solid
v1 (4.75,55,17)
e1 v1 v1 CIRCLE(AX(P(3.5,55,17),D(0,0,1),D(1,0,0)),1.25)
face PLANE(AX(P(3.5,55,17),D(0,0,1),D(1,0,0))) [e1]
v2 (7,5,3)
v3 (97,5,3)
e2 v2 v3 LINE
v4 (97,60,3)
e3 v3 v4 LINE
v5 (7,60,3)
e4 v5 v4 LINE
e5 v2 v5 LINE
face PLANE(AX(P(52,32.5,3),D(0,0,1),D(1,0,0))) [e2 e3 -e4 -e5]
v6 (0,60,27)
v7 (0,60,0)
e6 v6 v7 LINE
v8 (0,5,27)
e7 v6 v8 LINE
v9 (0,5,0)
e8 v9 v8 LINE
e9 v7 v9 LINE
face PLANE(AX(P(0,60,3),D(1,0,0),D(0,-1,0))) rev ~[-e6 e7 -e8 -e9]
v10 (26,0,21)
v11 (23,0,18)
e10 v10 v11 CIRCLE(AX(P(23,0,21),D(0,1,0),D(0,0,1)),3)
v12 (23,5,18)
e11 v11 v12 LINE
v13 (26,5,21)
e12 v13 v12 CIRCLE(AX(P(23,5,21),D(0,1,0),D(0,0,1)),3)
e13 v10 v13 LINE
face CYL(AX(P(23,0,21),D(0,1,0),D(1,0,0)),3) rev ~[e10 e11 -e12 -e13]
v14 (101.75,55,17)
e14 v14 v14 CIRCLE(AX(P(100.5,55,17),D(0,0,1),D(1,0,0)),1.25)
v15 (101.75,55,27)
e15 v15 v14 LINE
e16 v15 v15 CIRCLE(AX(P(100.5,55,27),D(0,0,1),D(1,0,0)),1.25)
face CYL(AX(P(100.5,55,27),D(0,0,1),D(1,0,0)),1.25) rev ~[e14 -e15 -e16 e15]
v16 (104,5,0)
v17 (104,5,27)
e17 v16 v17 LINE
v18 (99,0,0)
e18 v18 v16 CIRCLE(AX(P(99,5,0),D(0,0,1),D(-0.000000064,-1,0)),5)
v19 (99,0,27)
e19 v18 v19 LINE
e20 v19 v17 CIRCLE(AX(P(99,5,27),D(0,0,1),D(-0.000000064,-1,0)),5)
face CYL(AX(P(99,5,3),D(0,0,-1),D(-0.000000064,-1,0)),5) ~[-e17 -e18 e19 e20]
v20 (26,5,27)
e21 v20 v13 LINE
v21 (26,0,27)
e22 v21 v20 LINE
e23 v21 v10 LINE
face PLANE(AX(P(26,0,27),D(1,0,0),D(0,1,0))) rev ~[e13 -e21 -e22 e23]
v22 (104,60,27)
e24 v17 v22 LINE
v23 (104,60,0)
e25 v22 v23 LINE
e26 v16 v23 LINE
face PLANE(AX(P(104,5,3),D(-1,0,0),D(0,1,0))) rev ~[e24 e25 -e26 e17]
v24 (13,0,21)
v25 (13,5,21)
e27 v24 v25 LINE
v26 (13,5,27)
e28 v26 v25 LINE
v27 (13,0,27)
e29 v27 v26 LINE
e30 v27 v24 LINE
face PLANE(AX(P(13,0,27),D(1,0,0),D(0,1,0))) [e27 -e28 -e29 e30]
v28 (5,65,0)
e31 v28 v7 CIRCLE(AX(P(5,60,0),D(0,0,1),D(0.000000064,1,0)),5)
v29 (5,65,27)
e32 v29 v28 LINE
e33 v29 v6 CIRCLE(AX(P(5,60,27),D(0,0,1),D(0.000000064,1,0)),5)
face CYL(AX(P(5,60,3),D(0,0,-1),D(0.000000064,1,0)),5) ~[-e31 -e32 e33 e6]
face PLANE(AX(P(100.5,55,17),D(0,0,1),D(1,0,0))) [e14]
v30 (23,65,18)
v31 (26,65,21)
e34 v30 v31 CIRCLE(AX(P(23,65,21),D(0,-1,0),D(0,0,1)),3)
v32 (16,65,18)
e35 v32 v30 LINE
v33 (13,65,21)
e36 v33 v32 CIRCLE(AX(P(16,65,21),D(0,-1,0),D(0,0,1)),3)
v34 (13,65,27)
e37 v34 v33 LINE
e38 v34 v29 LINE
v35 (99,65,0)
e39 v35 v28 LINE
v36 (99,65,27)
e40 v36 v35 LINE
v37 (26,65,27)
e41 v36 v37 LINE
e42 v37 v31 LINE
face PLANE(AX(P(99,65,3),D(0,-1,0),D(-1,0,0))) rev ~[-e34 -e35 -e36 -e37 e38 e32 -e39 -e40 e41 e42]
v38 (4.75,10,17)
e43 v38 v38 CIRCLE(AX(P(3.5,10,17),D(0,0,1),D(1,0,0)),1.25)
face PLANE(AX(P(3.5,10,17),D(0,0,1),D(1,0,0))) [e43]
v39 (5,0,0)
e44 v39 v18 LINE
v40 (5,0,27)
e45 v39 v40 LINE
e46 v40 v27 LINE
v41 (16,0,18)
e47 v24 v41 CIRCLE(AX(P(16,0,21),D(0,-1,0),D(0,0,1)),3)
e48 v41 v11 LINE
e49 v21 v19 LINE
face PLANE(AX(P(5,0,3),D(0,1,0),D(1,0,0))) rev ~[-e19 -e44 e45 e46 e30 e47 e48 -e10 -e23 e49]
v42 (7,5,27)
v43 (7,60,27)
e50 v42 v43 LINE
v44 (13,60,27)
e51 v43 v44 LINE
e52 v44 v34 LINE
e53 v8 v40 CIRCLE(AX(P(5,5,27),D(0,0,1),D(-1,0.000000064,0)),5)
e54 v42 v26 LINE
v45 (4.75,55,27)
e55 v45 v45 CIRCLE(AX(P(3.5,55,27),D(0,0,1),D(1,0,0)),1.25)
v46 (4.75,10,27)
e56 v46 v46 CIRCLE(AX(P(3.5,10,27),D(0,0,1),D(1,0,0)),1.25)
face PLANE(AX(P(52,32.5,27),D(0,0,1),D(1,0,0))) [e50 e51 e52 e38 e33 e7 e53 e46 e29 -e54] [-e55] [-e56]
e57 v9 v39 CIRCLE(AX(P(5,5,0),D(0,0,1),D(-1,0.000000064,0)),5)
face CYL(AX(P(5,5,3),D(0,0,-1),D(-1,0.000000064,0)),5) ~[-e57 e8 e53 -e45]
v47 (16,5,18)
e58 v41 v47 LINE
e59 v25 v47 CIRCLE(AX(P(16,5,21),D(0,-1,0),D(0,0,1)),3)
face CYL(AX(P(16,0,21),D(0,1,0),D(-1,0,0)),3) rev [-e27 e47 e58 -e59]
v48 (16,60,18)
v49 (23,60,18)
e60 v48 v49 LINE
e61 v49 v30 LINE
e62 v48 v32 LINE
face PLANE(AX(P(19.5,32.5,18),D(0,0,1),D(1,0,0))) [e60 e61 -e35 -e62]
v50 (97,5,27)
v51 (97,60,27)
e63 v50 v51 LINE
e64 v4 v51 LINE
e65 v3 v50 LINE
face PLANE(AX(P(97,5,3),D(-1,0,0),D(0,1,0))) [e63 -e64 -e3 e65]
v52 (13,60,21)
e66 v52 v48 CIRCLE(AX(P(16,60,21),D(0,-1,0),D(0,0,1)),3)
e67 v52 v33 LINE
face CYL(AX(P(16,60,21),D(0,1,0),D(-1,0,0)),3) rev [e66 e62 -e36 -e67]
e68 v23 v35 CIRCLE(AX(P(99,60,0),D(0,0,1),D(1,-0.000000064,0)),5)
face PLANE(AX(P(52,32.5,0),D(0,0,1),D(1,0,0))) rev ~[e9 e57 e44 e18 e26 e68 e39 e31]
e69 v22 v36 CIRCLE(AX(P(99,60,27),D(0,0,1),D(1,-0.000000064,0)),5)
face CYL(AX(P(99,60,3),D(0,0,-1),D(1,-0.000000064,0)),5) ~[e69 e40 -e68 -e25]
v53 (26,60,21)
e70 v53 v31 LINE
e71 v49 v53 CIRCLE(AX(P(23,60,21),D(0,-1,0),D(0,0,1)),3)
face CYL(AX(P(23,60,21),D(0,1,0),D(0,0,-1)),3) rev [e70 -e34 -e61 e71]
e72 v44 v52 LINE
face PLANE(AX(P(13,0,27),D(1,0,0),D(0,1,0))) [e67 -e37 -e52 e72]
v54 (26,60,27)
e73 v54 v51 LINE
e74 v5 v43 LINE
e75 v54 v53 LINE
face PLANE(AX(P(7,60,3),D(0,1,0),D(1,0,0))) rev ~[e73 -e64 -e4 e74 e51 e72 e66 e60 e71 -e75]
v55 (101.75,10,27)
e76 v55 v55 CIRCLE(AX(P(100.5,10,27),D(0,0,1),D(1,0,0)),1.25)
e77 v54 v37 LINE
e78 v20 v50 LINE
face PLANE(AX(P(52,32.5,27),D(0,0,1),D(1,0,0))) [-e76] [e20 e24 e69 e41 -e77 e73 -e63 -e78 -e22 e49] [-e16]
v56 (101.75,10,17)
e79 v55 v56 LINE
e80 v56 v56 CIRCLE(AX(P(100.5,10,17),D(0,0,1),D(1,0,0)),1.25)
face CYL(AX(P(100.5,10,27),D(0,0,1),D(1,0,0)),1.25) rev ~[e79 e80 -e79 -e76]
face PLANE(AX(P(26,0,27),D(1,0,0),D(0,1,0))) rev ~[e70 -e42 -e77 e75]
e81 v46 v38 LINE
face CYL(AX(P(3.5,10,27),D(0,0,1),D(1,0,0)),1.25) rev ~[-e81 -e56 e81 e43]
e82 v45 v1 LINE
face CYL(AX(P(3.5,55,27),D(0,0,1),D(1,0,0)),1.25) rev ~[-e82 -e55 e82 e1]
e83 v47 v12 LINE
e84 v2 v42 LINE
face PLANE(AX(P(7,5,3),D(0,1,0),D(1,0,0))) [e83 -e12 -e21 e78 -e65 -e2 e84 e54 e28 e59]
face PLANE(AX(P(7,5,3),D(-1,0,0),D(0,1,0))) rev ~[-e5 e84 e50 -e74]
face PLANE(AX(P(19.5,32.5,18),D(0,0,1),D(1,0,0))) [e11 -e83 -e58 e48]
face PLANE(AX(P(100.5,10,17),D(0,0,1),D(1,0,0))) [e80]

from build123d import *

# Parameters (mm, degrees)
F1_DEPTH = 3
F2_W     = 90
F2_H     = 55
F3_DEPTH = 24
F4_R     = 1.25
F5_DEPTH = 10
F6_W     = 13
F6_H     = 65
F7_DEPTH = 9
F8_R     = 3


with BuildPart() as f1:
    # F0 (on Top) → F1 (new body)
    with BuildSketch(Plane.XY):
        with BuildLine():
            ThreePointArc((0, 5), (1.464466, 1.464466), (5, 0))
            Line((5, 0), (99, 0))
            ThreePointArc((99, 0), (102.535534, 1.464466), (104, 5))
            Line((104, 5), (104, 60))
            ThreePointArc((104, 60), (102.535534, 63.535534), (99, 65))
            Line((99, 65), (5, 65))
            ThreePointArc((5, 65), (1.464466, 63.535534), (0, 60))
            Line((0, 60), (0, 5))
        make_face()
    extrude(amount=F1_DEPTH)

    # F2 (on face) → F3 (join)
    with BuildSketch(Plane.XY.offset(3)):
        with BuildLine():
            Line((0, 60), (0, 5))
            ThreePointArc((0, 5), (1.464466, 1.464466), (5, 0))
            Line((5, 0), (99, 0))
            ThreePointArc((99, 0), (102.535534, 1.464466), (104, 5))
            Line((104, 5), (104, 60))
            ThreePointArc((104, 60), (102.535534, 63.535534), (99, 65))
            Line((99, 65), (5, 65))
            ThreePointArc((5, 65), (1.464466, 63.535534), (0, 60))
        make_face()
        with Locations((52, 32.5)):
            Rectangle(F2_W, F2_H, mode=Mode.SUBTRACT)
    extrude(amount=F3_DEPTH)

    # F4 (on face) → F5 (cut)
    with BuildSketch(Plane.XY.offset(27)):
        with Locations((3.5, 10)):
            Circle(F4_R)
        with Locations((100.5, 55)):
            Circle(F4_R)
        with Locations((100.5, 10)):
            Circle(F4_R)
        with Locations((3.5, 55)):
            Circle(F4_R)
    extrude(amount=-F5_DEPTH, mode=Mode.SUBTRACT)

    # F6 (on face) → F7 (cut)
    with BuildSketch(Plane.XY.offset(27)):
        with Locations((19.5, 32.5)):
            Rectangle(F6_W, F6_H)
    extrude(amount=-F7_DEPTH, mode=Mode.SUBTRACT)

    # F8
    f8_edges = [f1.edges().sort_by_distance(p)[0] for p in [
        (26, 2.5, 18),
        (26, 62.5, 18),
        (13, 62.5, 18),
        (13, 2.5, 18),
    ]]
    fillet(f8_edges, radius=F8_R)


solid = f1.part
